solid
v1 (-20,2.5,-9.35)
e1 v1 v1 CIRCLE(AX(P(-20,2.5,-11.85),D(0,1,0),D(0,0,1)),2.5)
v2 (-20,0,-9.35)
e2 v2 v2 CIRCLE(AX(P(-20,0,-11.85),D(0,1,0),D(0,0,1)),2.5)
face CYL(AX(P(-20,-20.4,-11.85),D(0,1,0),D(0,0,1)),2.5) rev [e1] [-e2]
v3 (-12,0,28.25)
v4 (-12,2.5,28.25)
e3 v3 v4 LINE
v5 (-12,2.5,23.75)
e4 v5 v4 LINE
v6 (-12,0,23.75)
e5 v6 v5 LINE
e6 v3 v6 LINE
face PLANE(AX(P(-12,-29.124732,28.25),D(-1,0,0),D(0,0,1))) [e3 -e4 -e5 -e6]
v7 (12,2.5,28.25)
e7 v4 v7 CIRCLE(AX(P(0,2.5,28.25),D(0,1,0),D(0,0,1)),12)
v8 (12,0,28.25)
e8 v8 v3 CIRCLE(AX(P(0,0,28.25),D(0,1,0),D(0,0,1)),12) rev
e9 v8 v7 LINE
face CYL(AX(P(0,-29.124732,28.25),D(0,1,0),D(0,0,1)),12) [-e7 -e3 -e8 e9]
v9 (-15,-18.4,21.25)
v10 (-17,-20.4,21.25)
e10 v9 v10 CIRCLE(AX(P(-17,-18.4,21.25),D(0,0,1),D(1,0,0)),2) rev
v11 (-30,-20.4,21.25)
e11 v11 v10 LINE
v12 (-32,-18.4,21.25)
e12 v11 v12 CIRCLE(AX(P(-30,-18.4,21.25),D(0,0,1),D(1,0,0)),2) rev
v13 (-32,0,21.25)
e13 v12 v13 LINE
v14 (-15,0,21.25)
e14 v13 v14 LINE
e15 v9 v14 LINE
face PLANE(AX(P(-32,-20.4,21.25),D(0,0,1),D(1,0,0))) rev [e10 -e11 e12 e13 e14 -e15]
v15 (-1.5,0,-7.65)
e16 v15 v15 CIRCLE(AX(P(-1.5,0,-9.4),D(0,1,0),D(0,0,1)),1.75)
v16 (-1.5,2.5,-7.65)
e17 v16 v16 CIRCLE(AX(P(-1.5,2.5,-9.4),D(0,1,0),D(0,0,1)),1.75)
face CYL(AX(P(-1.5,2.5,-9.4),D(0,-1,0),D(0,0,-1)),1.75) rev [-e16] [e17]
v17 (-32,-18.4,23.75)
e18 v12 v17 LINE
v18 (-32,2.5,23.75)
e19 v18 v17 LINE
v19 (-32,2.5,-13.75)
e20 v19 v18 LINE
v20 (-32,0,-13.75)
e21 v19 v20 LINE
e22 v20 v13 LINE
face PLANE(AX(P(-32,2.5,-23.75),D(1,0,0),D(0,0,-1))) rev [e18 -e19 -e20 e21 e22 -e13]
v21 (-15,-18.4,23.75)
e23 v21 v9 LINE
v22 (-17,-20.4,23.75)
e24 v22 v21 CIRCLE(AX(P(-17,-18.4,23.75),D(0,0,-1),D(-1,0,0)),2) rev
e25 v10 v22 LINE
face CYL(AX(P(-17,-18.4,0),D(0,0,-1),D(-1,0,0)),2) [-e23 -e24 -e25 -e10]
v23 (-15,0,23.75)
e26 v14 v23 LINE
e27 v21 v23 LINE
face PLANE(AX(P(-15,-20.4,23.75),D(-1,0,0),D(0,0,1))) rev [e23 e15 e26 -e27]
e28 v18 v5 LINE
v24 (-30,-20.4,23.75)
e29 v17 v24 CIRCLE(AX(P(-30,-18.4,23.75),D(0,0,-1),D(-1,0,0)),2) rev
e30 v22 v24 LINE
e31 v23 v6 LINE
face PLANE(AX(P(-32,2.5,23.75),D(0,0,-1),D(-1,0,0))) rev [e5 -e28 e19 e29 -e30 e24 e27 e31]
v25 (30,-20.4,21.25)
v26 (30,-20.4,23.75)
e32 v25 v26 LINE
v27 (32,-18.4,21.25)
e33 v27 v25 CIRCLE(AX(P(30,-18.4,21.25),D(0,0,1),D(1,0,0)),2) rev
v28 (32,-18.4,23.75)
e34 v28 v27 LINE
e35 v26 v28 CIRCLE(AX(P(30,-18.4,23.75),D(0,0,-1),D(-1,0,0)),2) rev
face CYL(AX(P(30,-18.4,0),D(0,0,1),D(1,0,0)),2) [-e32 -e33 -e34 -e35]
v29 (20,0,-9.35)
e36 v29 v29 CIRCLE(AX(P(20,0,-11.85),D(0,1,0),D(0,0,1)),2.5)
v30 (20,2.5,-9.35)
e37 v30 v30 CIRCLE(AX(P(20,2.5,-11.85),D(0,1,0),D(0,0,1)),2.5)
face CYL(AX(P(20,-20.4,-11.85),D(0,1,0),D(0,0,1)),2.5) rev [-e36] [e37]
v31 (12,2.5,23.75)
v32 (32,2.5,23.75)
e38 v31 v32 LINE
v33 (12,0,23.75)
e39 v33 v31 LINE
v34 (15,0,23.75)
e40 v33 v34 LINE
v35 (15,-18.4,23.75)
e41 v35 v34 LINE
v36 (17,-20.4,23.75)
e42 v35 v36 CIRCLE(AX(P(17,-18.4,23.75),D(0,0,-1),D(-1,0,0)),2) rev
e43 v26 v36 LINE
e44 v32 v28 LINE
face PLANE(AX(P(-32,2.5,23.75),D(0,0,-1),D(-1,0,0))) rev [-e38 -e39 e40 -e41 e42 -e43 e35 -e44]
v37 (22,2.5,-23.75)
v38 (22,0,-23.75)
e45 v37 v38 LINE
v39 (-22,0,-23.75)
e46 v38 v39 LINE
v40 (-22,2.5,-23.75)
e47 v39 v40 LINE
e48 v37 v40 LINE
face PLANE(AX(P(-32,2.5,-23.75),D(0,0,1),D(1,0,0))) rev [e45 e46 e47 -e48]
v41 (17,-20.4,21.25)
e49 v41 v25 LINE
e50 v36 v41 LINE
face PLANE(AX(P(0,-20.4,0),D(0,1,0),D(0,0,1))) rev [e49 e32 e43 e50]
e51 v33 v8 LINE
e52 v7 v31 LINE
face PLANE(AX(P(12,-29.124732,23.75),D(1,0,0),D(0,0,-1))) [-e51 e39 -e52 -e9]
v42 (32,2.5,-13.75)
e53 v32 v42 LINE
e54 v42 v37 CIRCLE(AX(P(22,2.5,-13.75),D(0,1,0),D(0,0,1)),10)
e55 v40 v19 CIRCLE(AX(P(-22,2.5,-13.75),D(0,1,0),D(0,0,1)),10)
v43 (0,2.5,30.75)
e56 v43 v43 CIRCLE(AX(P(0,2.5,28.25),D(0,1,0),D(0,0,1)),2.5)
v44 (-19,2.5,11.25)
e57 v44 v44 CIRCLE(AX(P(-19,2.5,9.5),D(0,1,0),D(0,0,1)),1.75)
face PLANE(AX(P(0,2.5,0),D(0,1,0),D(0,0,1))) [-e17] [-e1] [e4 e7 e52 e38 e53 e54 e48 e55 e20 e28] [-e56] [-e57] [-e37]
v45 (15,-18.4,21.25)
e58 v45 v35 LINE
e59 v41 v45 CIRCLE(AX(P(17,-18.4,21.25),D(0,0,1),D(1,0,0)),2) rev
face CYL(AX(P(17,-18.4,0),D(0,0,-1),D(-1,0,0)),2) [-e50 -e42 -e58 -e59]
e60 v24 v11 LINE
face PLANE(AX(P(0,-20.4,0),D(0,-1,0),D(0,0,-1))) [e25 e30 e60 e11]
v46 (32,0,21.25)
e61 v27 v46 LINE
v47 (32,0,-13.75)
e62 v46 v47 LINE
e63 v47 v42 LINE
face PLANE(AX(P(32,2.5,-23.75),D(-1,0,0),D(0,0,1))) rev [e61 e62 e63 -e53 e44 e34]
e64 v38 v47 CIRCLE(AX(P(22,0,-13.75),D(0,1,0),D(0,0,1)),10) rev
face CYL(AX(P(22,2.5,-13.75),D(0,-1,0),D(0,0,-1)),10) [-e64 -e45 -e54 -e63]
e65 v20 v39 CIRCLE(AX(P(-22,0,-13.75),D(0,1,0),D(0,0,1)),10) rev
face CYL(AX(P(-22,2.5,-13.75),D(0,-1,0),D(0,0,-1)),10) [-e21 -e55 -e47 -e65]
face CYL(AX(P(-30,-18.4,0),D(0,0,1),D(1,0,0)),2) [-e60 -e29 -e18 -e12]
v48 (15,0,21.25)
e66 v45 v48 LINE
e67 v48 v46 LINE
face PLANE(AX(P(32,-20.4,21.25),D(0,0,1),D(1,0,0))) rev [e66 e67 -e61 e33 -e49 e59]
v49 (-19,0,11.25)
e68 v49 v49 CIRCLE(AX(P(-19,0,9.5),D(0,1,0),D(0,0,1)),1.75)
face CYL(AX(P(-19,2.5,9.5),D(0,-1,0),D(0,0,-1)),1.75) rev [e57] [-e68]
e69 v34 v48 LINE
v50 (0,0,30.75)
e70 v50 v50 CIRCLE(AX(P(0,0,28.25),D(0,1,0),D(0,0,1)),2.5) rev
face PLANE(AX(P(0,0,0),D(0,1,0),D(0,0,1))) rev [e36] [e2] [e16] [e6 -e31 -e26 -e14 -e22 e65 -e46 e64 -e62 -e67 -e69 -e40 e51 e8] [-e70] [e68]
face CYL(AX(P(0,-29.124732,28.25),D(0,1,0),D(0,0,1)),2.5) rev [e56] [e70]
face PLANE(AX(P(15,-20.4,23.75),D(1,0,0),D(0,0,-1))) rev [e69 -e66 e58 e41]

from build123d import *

# Parameters (mm, degrees)
SKETCH2_W           = 64
SKETCH2_H           = 47.5
SKETCH2_R           = 1.75
BOSS_EXTRUDE1_DEPTH = 2.5
FILLET1_R           = 10
SKETCH3_R           = 2.5
BOSS_EXTRUDE2_DEPTH = 2.5
SKETCH4_W           = 17
SKETCH4_H           = 2.5
BOSS_EXTRUDE3_DEPTH = 20.4
FILLET2_R           = 2
SKETCH5_R           = 2.5
CUT_EXTRUDE1_DEPTH  = 23.9


with BuildPart() as part:
    # Sketch2 → Boss-Extrude1 (new body)
    with BuildSketch(Plane(origin=(0, 0, 0), x_dir=(1, 0, 0), z_dir=(0, 1, 0))):
        Rectangle(SKETCH2_W, SKETCH2_H)
        with Locations((-1.5, 9.4)):
            Circle(SKETCH2_R, mode=Mode.SUBTRACT)
        with Locations((-19, -9.5)):
            Circle(SKETCH2_R, mode=Mode.SUBTRACT)
    extrude(amount=BOSS_EXTRUDE1_DEPTH)

    # Fillet1
    fillet1_edges = [part.edges().sort_by_distance(p)[0] for p in [
        (-32, 1.25, -23.75),
        (32, 1.25, -23.75),
    ]]
    fillet(fillet1_edges, radius=FILLET1_R)

    # Sketch3 → Boss-Extrude2 (add)
    with BuildSketch(Plane(origin=(0, 2.5, 0), x_dir=(1, 0, 0), z_dir=(0, 1, 0))):
        with BuildLine():
            Line((-12, -28.25), (-12, -23.75))
            Line((-12, -23.75), (12, -23.75))
            Line((12, -23.75), (12, -28.25))
            ThreePointArc((12, -28.25), (0, -40.25), (-12, -28.25))
        make_face()
        with Locations((0, -28.25)):
            Circle(SKETCH3_R, mode=Mode.SUBTRACT)
    extrude(amount=-BOSS_EXTRUDE2_DEPTH)

    # Sketch4 → Boss-Extrude3 (add)
    with BuildSketch(Plane.XZ):
        with Locations((-23.5, 22.5)):
            Rectangle(SKETCH4_W, SKETCH4_H)
        with Locations((23.5, 22.5)):
            Rectangle(SKETCH4_W, SKETCH4_H)
    extrude(amount=BOSS_EXTRUDE3_DEPTH)

    # Fillet2
    fillet2_edges = [part.edges().sort_by_distance(p)[0] for p in [
        (-32, -20.4, 22.5),
        (-15, -20.4, 22.5),
        (32, -20.4, 22.5),
        (15, -20.4, 22.5),
    ]]
    fillet(fillet2_edges, radius=FILLET2_R)

    # Sketch5 → Cut-Extrude1 (cut, through all)
    with BuildSketch(Plane(origin=(0, 2.5, 0), x_dir=(1, 0, 0), z_dir=(0, 1, 0))):
        with Locations((-20, 11.85)):
            Circle(SKETCH5_R)
        with Locations((20, 11.85)):
            Circle(SKETCH5_R)
    extrude(amount=-CUT_EXTRUDE1_DEPTH, mode=Mode.SUBTRACT)


solid = part.part
